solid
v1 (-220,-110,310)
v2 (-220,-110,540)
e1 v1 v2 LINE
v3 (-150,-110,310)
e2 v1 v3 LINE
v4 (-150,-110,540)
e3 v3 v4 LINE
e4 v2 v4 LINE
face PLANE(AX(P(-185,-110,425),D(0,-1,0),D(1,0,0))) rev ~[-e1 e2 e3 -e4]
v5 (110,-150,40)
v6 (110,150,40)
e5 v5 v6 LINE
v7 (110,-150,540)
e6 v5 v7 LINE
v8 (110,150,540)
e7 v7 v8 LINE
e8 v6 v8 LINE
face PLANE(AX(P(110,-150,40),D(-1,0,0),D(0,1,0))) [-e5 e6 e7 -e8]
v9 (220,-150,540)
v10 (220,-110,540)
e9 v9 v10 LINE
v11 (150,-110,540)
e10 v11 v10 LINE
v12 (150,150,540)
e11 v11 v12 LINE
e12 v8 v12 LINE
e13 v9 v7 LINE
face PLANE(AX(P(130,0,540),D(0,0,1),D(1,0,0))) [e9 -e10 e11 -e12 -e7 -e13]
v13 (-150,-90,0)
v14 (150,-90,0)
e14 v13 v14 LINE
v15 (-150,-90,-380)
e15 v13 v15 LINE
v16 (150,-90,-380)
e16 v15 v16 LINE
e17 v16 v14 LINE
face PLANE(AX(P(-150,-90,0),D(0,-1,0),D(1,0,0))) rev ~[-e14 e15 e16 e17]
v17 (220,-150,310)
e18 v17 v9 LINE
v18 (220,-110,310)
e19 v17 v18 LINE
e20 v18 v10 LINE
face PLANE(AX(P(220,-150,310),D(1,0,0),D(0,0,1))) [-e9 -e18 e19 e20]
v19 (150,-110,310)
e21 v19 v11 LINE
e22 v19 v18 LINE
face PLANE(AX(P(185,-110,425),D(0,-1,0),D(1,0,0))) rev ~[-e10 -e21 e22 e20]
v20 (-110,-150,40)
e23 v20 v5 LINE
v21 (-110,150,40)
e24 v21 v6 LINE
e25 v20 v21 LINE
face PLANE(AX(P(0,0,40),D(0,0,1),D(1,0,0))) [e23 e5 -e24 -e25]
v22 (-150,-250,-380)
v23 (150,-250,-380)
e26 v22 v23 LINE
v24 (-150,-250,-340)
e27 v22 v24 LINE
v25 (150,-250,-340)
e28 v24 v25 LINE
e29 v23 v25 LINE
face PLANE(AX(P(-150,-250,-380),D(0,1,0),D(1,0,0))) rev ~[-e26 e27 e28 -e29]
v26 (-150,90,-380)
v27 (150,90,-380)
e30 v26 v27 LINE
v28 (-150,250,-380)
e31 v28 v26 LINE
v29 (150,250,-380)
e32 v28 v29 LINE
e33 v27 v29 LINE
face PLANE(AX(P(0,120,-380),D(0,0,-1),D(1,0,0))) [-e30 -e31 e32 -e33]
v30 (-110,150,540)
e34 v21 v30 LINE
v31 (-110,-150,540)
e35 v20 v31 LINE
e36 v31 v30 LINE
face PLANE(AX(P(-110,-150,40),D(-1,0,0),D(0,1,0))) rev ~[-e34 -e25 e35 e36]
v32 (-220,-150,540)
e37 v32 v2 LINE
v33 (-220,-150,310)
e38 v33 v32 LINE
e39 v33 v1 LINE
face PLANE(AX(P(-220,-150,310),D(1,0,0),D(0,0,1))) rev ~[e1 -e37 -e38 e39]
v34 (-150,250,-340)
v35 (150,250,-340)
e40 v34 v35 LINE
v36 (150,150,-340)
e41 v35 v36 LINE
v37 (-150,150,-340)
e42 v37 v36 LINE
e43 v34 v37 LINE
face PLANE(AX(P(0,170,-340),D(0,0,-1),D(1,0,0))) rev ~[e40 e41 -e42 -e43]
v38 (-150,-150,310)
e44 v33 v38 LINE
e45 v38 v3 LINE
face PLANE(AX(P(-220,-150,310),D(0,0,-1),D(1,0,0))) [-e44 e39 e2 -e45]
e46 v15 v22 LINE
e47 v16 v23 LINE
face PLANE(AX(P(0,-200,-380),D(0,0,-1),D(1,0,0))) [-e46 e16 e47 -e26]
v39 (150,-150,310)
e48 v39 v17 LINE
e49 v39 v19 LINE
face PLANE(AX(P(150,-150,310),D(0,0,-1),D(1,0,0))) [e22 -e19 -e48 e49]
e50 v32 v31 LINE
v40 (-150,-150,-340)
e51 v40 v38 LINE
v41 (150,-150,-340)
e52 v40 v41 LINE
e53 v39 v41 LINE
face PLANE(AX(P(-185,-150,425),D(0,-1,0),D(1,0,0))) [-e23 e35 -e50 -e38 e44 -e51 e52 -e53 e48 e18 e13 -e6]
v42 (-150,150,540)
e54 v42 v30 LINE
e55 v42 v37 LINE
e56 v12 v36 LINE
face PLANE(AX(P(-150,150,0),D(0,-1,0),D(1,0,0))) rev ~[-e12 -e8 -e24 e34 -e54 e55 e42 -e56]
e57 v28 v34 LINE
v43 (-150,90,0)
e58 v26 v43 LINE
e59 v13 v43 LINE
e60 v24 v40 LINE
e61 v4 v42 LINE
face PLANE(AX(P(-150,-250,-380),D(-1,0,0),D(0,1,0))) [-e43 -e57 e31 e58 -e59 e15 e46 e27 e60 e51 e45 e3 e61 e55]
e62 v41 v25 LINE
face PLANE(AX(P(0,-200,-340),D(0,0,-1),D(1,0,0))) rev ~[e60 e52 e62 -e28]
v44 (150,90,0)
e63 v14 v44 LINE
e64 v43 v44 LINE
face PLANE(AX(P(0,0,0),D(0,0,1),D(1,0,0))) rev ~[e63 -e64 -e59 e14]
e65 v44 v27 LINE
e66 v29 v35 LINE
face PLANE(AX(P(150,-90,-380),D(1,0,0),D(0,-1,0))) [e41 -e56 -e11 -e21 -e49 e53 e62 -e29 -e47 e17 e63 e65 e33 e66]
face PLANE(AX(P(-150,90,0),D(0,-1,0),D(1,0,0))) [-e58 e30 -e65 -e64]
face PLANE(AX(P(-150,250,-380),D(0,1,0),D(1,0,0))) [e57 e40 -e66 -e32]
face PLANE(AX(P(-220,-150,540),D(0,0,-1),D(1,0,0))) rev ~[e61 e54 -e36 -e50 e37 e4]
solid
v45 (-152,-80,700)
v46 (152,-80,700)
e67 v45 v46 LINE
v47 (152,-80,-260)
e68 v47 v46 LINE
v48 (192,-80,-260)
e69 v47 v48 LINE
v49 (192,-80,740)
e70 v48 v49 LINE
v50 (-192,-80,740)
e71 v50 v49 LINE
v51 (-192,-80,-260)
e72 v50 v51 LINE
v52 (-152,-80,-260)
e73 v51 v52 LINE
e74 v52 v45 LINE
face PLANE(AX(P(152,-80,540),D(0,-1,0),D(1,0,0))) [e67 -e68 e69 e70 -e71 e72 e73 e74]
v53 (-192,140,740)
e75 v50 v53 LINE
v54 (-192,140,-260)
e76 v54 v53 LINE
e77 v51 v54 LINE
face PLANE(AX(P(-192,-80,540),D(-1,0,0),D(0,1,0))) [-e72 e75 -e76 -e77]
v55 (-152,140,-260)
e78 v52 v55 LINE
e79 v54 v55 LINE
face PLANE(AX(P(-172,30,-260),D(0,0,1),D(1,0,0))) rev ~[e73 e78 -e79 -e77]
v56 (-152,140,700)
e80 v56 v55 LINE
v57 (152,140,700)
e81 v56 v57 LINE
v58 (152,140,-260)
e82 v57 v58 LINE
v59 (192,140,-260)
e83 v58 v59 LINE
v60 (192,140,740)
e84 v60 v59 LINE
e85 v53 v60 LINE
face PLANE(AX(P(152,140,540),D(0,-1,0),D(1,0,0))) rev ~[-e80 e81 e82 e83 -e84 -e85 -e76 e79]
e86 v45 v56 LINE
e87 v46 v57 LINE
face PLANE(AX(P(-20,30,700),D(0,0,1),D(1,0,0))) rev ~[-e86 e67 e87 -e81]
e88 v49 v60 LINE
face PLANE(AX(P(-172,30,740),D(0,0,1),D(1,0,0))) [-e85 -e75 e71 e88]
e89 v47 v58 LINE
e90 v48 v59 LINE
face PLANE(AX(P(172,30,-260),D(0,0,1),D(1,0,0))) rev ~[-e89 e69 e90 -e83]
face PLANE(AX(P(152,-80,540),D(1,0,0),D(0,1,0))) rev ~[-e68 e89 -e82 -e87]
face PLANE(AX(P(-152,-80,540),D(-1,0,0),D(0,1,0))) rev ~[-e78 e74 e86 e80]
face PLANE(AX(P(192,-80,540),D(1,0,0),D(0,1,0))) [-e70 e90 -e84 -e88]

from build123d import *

# Parameters (mm, degrees)
F0_W      = 300
F0_H      = 300
F1_DEPTH  = 40
F2_W      = 40
F2_H      = 300
F3_DEPTH  = 500
F4_W      = 70
F4_H      = 230
F5_DEPTH  = 40
F6_W      = 40
F6_H      = 220
F7_DEPTH  = 200
F8_W      = 344
F8_H      = 220
F9_DEPTH  = 40
F10_DEPTH = 800
F11_W     = 300
F11_H     = 60
F12_DEPTH = 380
F13_W     = 300
F13_H     = 100
F13_H_2   = 60
F13_H_3   = 160
F14_DEPTH = 40


with BuildPart() as f1:
    # F0 (on Top) → F1 (new body)
    with BuildSketch(Plane.XY):
        Rectangle(F0_W, F0_H)
    extrude(amount=F1_DEPTH)

    # F2 (on face) → F3 (join)
    with BuildSketch(Plane.XY.offset(40)):
        with Locations((-130, 0)):
            Rectangle(F2_W, F2_H)
        with Locations((130, 0)):
            Rectangle(F2_W, F2_H)
    extrude(amount=F3_DEPTH)

    # F4 (on face) → F5 (join)
    with BuildSketch(Plane.XZ.offset(150)):
        with Locations((-185, 425)):
            Rectangle(F4_W, F4_H)
        with Locations((185, 425)):
            Rectangle(F4_W, F4_H)
    extrude(amount=-F5_DEPTH)

    # F11 (on face) → F12 (join)
    with BuildSketch(Plane(origin=(0, 0, 0), x_dir=(1, 0, 0), z_dir=(0, 0, -1))):
        with Locations((0, -120)):
            Rectangle(F11_W, F11_H)
        with Locations((0, 120)):
            Rectangle(F11_W, F11_H)
    extrude(amount=F12_DEPTH)

    # F13 (on face) → F14 (join)
    with BuildSketch(Plane(origin=(0, 0, -380), x_dir=(1, 0, 0), z_dir=(0, 0, -1))):
        with Locations((0, 200)):
            Rectangle(F13_W, F13_H)
        with Locations((0, 120)):
            Rectangle(F13_W, F13_H_2)
        with Locations((0, -170)):
            Rectangle(F13_W, F13_H_3)
    extrude(amount=-F14_DEPTH)


with BuildPart() as f7:
    # F6 (on face) → F7 (new body)
    with BuildSketch(Plane.XY.offset(540)):
        with Locations((172, 30)):
            Rectangle(F6_W, F6_H)
    extrude(amount=F7_DEPTH)



with BuildPart() as f7b:
    # F6 (on face) → F7, piece 2 (new body)
    with BuildSketch(Plane.XY.offset(540)):
        with Locations((-172, 30)):
            Rectangle(F6_W, F6_H)
    extrude(amount=F7_DEPTH)


with BuildPart() as f7_1:
    add(f7.part)

    add(f7b.part)  # F9 merges F7b
    # F8 (on face) → F9 (join)
    with BuildSketch(Plane.XY.offset(740)):
        with Locations((-20, 30)):
            Rectangle(F8_W, F8_H)
    extrude(amount=-F9_DEPTH)

    # F10 (add): faces of the model
    f10_faces = [f7_1.faces().sort_by_distance(p)[0] for p in [
        (172, 30, 540),
        (-172, 30, 540),
    ]]
    extrude(f10_faces, amount=F10_DEPTH)


solid = Compound([f1.part, f7_1.part])
